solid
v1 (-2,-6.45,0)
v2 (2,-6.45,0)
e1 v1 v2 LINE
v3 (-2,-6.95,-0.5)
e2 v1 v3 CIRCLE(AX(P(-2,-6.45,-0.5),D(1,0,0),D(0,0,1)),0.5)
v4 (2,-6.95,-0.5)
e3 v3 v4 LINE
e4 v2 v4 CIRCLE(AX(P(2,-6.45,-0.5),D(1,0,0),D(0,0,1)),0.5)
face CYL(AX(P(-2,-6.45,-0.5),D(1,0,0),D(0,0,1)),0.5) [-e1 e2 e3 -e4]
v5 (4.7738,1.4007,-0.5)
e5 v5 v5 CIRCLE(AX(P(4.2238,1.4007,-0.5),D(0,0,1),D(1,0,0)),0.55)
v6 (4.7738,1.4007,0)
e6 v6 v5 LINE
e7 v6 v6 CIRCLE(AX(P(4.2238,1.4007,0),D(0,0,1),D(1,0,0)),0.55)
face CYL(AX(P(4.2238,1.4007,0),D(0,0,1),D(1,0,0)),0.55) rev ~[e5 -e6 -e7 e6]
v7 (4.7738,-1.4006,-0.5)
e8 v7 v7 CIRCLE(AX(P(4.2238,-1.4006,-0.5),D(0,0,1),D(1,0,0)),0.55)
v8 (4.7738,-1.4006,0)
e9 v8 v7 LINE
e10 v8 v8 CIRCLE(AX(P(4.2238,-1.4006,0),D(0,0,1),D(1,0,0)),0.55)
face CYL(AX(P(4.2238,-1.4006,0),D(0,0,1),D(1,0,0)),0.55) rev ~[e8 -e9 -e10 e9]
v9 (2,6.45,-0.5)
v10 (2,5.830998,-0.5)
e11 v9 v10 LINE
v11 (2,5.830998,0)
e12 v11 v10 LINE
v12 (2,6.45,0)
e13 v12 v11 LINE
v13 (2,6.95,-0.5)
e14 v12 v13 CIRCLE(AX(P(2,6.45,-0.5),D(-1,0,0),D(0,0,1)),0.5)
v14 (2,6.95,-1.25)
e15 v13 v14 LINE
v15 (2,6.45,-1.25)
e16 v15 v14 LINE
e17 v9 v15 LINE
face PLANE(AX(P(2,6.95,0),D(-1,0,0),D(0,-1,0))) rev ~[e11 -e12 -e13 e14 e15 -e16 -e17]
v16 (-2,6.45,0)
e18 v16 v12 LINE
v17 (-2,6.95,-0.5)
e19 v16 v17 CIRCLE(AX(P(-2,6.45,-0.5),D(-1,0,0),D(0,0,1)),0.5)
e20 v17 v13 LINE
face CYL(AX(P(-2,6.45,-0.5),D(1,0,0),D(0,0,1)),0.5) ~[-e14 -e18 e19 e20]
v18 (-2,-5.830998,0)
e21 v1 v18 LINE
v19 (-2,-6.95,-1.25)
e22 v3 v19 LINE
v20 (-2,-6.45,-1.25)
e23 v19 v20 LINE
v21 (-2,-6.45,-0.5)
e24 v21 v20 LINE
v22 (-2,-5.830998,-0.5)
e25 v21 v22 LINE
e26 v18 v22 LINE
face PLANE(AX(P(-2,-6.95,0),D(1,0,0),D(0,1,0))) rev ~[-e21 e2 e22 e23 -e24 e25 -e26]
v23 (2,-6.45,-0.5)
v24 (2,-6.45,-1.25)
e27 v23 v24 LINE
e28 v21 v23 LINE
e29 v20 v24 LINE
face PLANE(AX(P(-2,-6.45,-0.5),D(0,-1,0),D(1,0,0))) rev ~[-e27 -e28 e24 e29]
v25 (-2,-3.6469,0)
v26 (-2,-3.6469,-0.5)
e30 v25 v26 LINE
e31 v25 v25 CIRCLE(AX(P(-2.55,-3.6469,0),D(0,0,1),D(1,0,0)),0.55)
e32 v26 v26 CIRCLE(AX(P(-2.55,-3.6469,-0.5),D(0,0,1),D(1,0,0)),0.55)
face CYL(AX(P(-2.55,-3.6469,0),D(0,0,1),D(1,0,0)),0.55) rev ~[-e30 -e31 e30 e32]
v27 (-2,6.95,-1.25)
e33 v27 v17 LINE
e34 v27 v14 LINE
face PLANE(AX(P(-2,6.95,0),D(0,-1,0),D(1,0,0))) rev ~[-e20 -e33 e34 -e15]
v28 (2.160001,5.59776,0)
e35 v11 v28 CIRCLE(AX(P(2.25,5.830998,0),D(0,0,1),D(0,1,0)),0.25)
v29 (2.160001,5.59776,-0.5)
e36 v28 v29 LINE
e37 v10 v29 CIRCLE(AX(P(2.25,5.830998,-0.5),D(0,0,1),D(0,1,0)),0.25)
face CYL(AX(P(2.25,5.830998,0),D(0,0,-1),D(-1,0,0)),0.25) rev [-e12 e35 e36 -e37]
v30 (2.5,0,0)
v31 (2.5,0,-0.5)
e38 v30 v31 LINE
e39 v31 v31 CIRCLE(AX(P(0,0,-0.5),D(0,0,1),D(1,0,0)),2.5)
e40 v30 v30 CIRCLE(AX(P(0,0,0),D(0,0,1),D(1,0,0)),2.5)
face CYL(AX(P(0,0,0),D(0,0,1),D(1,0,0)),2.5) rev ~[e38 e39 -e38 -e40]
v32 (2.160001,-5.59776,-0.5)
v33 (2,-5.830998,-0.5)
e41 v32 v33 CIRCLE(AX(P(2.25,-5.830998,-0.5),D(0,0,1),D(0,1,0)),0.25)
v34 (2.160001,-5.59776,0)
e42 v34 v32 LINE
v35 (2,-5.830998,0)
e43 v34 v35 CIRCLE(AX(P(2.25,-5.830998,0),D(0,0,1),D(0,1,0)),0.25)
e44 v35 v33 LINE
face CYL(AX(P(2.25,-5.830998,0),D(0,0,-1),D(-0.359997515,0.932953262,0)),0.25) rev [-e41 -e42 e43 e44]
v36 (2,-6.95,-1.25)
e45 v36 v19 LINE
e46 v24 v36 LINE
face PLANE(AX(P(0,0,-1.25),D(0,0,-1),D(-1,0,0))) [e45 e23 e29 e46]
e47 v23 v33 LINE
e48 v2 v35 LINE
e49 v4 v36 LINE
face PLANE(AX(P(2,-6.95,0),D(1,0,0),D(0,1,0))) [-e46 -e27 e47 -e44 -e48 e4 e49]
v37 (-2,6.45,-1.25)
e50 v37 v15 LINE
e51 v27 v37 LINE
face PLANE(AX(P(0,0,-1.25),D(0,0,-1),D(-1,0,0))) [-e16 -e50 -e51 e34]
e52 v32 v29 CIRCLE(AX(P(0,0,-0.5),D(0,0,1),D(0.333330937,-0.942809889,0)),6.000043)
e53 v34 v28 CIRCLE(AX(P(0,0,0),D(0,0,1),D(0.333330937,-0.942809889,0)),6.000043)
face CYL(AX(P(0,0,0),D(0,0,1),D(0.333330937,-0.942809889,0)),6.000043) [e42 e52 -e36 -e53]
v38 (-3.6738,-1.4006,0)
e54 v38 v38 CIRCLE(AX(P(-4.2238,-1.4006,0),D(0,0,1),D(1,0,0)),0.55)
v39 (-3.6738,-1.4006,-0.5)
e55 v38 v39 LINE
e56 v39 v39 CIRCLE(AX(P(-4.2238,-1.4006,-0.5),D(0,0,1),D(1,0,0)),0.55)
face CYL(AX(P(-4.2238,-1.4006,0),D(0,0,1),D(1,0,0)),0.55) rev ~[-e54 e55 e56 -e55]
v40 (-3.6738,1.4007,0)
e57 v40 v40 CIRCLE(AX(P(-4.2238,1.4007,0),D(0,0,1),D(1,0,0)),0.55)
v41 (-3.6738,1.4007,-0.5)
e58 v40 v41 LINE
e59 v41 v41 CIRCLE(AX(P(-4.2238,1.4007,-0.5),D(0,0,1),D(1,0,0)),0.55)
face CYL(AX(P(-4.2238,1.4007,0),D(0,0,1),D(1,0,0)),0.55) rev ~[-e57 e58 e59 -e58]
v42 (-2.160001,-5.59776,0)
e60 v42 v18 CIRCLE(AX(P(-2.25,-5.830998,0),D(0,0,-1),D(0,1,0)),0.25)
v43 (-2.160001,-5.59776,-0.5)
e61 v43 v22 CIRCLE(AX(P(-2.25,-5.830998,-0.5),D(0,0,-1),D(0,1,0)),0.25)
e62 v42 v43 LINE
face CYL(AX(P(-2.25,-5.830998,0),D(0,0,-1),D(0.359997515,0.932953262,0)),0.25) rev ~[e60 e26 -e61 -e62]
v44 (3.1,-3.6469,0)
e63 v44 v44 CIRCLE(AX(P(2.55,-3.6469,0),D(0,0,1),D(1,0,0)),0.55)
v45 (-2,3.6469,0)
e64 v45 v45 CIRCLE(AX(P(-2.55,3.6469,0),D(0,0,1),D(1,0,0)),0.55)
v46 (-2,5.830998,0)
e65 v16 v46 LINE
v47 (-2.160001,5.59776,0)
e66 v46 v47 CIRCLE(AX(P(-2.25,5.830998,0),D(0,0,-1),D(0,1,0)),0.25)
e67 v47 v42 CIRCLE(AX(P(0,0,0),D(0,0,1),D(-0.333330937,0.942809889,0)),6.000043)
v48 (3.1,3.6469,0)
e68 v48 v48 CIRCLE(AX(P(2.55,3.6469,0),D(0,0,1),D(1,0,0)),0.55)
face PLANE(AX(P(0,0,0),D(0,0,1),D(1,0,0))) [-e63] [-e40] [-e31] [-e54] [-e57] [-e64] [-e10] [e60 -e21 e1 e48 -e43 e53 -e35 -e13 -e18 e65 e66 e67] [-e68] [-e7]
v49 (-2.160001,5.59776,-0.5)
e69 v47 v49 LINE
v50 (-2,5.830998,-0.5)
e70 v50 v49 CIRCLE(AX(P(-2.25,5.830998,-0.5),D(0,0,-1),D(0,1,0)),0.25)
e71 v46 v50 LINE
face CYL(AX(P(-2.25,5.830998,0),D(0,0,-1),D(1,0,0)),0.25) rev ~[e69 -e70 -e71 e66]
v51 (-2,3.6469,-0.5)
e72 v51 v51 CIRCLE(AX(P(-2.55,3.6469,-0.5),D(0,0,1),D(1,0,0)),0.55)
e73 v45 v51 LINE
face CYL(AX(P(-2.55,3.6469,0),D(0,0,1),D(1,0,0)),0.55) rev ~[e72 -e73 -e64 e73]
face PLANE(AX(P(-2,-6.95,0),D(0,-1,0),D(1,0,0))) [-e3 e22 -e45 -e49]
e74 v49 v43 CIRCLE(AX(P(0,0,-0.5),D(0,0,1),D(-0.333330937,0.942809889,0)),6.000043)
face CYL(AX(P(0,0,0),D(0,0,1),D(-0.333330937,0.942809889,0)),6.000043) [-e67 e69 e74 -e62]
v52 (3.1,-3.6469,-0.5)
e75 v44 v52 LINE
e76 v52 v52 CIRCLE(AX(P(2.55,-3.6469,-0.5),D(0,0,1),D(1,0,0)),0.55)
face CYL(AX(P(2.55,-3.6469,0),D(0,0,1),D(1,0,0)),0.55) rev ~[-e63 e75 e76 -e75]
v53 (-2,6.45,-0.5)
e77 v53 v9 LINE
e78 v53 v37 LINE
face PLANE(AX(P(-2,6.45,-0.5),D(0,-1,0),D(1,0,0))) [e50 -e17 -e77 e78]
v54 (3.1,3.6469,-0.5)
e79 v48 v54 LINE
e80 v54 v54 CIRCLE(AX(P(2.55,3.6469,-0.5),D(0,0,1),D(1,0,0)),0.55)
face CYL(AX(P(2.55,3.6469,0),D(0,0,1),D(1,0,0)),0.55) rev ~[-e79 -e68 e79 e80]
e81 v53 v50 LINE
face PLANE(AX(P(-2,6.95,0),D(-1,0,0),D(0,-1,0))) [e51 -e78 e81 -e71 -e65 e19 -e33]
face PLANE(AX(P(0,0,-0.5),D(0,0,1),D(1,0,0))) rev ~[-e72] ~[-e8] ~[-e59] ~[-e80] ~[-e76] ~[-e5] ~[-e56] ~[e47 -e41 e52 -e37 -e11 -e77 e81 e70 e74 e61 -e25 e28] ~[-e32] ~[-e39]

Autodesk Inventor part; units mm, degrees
ref_plane "YZ Plane" through (0, 0, 0) normal (1, 0, 0) x (0, 1, 0)
ref_plane "XZ Plane" through (0, 0, 0) normal (0, 1, 0) x (-1, 0, 0)
ref_plane "XY Plane" through (0, 0, 0) normal (0, 0, 1) x (1, 0, 0)
sketch "Szkic1" plane through (0, 0, 0) normal (0, 0, 1) x (1, 0, 0)
  circle A0 centre (0, 0) radius 2.5
  line L0 (-2, 6.95) -> (2, 6.95)
  line L1 (-2, -6.95) -> (2, -6.95)
  line L2 (-2, 6.95) -> (-2, 5.6569)
  line L3 (2, 6.95) -> (2, 5.6569)
  line L4 (-2, -6.95) -> (-2, -5.6569)
  line L5 (2, -6.95) -> (2, -5.6569)
  arc A1 (-2, 5.6569) -> (-2, -5.6569) centre (0, 0) ccw
  arc A2 (2, -5.6569) -> (2, 5.6569) centre (0, 0) ccw
  circle A3 centre (2.55, 3.6469) radius 0.55
  circle A4 centre (4.2238, 1.4007) radius 0.55
  circle A5 centre (4.2238, -1.4006) radius 0.55
  circle A6 centre (2.55, -3.6469) radius 0.55
  circle A7 centre (-2.55, 3.6469) radius 0.55
  circle A8 centre (-4.2238, 1.4007) radius 0.55
  circle A9 centre (-4.2238, -1.4006) radius 0.55
  circle A10 centre (-2.55, -3.6469) radius 0.55
  dimension "d4" = 4
  dimension "d5" = 4
  dimension "d25" = 110.076
extrude "Wyciągnięcie proste3" add sketch "Szkic1" against normal blind 0.5
sketch "Szkic3" plane through (0, 0, -0.5) normal (0, 0, -1) x (-1, 0, 0)
  line L0 (2, 6.95) -> (-2, 6.95) projected
  line L1 (-2, 6.95) -> (2, 6.95)
  line L2 (2, 6.95) -> (2, 6.45)
  line L3 (2, 6.45) -> (-2, 6.45)
  line L4 (-2, 6.45) -> (-2, 6.95)
  line L5 (-2, -6.95) -> (2, -6.95) projected
  line L6 (-2, -6.95) -> (2, -6.95)
  line L7 (2, -6.95) -> (2, -6.45)
  line L8 (2, -6.45) -> (-2, -6.45)
  line L9 (-2, -6.45) -> (-2, -6.95)
extrude "Wyciągnięcie proste4" add sketch "Szkic3" along normal blind 0.75
fillet "Zaokrąglenie3" radius 0.25 4 edges at (-2, 5.6569, -0.25) (2, 5.6569, -0.25) (2, -5.6569, -0.25) (-2, -5.6569, -0.25)
fillet "Zaokrąglenie4" radius 0.5 2 edges at (0, -6.95, 0) (0, 6.95, 0)
properties part number "SŁONECZKO MAŁE" material "Stal"
